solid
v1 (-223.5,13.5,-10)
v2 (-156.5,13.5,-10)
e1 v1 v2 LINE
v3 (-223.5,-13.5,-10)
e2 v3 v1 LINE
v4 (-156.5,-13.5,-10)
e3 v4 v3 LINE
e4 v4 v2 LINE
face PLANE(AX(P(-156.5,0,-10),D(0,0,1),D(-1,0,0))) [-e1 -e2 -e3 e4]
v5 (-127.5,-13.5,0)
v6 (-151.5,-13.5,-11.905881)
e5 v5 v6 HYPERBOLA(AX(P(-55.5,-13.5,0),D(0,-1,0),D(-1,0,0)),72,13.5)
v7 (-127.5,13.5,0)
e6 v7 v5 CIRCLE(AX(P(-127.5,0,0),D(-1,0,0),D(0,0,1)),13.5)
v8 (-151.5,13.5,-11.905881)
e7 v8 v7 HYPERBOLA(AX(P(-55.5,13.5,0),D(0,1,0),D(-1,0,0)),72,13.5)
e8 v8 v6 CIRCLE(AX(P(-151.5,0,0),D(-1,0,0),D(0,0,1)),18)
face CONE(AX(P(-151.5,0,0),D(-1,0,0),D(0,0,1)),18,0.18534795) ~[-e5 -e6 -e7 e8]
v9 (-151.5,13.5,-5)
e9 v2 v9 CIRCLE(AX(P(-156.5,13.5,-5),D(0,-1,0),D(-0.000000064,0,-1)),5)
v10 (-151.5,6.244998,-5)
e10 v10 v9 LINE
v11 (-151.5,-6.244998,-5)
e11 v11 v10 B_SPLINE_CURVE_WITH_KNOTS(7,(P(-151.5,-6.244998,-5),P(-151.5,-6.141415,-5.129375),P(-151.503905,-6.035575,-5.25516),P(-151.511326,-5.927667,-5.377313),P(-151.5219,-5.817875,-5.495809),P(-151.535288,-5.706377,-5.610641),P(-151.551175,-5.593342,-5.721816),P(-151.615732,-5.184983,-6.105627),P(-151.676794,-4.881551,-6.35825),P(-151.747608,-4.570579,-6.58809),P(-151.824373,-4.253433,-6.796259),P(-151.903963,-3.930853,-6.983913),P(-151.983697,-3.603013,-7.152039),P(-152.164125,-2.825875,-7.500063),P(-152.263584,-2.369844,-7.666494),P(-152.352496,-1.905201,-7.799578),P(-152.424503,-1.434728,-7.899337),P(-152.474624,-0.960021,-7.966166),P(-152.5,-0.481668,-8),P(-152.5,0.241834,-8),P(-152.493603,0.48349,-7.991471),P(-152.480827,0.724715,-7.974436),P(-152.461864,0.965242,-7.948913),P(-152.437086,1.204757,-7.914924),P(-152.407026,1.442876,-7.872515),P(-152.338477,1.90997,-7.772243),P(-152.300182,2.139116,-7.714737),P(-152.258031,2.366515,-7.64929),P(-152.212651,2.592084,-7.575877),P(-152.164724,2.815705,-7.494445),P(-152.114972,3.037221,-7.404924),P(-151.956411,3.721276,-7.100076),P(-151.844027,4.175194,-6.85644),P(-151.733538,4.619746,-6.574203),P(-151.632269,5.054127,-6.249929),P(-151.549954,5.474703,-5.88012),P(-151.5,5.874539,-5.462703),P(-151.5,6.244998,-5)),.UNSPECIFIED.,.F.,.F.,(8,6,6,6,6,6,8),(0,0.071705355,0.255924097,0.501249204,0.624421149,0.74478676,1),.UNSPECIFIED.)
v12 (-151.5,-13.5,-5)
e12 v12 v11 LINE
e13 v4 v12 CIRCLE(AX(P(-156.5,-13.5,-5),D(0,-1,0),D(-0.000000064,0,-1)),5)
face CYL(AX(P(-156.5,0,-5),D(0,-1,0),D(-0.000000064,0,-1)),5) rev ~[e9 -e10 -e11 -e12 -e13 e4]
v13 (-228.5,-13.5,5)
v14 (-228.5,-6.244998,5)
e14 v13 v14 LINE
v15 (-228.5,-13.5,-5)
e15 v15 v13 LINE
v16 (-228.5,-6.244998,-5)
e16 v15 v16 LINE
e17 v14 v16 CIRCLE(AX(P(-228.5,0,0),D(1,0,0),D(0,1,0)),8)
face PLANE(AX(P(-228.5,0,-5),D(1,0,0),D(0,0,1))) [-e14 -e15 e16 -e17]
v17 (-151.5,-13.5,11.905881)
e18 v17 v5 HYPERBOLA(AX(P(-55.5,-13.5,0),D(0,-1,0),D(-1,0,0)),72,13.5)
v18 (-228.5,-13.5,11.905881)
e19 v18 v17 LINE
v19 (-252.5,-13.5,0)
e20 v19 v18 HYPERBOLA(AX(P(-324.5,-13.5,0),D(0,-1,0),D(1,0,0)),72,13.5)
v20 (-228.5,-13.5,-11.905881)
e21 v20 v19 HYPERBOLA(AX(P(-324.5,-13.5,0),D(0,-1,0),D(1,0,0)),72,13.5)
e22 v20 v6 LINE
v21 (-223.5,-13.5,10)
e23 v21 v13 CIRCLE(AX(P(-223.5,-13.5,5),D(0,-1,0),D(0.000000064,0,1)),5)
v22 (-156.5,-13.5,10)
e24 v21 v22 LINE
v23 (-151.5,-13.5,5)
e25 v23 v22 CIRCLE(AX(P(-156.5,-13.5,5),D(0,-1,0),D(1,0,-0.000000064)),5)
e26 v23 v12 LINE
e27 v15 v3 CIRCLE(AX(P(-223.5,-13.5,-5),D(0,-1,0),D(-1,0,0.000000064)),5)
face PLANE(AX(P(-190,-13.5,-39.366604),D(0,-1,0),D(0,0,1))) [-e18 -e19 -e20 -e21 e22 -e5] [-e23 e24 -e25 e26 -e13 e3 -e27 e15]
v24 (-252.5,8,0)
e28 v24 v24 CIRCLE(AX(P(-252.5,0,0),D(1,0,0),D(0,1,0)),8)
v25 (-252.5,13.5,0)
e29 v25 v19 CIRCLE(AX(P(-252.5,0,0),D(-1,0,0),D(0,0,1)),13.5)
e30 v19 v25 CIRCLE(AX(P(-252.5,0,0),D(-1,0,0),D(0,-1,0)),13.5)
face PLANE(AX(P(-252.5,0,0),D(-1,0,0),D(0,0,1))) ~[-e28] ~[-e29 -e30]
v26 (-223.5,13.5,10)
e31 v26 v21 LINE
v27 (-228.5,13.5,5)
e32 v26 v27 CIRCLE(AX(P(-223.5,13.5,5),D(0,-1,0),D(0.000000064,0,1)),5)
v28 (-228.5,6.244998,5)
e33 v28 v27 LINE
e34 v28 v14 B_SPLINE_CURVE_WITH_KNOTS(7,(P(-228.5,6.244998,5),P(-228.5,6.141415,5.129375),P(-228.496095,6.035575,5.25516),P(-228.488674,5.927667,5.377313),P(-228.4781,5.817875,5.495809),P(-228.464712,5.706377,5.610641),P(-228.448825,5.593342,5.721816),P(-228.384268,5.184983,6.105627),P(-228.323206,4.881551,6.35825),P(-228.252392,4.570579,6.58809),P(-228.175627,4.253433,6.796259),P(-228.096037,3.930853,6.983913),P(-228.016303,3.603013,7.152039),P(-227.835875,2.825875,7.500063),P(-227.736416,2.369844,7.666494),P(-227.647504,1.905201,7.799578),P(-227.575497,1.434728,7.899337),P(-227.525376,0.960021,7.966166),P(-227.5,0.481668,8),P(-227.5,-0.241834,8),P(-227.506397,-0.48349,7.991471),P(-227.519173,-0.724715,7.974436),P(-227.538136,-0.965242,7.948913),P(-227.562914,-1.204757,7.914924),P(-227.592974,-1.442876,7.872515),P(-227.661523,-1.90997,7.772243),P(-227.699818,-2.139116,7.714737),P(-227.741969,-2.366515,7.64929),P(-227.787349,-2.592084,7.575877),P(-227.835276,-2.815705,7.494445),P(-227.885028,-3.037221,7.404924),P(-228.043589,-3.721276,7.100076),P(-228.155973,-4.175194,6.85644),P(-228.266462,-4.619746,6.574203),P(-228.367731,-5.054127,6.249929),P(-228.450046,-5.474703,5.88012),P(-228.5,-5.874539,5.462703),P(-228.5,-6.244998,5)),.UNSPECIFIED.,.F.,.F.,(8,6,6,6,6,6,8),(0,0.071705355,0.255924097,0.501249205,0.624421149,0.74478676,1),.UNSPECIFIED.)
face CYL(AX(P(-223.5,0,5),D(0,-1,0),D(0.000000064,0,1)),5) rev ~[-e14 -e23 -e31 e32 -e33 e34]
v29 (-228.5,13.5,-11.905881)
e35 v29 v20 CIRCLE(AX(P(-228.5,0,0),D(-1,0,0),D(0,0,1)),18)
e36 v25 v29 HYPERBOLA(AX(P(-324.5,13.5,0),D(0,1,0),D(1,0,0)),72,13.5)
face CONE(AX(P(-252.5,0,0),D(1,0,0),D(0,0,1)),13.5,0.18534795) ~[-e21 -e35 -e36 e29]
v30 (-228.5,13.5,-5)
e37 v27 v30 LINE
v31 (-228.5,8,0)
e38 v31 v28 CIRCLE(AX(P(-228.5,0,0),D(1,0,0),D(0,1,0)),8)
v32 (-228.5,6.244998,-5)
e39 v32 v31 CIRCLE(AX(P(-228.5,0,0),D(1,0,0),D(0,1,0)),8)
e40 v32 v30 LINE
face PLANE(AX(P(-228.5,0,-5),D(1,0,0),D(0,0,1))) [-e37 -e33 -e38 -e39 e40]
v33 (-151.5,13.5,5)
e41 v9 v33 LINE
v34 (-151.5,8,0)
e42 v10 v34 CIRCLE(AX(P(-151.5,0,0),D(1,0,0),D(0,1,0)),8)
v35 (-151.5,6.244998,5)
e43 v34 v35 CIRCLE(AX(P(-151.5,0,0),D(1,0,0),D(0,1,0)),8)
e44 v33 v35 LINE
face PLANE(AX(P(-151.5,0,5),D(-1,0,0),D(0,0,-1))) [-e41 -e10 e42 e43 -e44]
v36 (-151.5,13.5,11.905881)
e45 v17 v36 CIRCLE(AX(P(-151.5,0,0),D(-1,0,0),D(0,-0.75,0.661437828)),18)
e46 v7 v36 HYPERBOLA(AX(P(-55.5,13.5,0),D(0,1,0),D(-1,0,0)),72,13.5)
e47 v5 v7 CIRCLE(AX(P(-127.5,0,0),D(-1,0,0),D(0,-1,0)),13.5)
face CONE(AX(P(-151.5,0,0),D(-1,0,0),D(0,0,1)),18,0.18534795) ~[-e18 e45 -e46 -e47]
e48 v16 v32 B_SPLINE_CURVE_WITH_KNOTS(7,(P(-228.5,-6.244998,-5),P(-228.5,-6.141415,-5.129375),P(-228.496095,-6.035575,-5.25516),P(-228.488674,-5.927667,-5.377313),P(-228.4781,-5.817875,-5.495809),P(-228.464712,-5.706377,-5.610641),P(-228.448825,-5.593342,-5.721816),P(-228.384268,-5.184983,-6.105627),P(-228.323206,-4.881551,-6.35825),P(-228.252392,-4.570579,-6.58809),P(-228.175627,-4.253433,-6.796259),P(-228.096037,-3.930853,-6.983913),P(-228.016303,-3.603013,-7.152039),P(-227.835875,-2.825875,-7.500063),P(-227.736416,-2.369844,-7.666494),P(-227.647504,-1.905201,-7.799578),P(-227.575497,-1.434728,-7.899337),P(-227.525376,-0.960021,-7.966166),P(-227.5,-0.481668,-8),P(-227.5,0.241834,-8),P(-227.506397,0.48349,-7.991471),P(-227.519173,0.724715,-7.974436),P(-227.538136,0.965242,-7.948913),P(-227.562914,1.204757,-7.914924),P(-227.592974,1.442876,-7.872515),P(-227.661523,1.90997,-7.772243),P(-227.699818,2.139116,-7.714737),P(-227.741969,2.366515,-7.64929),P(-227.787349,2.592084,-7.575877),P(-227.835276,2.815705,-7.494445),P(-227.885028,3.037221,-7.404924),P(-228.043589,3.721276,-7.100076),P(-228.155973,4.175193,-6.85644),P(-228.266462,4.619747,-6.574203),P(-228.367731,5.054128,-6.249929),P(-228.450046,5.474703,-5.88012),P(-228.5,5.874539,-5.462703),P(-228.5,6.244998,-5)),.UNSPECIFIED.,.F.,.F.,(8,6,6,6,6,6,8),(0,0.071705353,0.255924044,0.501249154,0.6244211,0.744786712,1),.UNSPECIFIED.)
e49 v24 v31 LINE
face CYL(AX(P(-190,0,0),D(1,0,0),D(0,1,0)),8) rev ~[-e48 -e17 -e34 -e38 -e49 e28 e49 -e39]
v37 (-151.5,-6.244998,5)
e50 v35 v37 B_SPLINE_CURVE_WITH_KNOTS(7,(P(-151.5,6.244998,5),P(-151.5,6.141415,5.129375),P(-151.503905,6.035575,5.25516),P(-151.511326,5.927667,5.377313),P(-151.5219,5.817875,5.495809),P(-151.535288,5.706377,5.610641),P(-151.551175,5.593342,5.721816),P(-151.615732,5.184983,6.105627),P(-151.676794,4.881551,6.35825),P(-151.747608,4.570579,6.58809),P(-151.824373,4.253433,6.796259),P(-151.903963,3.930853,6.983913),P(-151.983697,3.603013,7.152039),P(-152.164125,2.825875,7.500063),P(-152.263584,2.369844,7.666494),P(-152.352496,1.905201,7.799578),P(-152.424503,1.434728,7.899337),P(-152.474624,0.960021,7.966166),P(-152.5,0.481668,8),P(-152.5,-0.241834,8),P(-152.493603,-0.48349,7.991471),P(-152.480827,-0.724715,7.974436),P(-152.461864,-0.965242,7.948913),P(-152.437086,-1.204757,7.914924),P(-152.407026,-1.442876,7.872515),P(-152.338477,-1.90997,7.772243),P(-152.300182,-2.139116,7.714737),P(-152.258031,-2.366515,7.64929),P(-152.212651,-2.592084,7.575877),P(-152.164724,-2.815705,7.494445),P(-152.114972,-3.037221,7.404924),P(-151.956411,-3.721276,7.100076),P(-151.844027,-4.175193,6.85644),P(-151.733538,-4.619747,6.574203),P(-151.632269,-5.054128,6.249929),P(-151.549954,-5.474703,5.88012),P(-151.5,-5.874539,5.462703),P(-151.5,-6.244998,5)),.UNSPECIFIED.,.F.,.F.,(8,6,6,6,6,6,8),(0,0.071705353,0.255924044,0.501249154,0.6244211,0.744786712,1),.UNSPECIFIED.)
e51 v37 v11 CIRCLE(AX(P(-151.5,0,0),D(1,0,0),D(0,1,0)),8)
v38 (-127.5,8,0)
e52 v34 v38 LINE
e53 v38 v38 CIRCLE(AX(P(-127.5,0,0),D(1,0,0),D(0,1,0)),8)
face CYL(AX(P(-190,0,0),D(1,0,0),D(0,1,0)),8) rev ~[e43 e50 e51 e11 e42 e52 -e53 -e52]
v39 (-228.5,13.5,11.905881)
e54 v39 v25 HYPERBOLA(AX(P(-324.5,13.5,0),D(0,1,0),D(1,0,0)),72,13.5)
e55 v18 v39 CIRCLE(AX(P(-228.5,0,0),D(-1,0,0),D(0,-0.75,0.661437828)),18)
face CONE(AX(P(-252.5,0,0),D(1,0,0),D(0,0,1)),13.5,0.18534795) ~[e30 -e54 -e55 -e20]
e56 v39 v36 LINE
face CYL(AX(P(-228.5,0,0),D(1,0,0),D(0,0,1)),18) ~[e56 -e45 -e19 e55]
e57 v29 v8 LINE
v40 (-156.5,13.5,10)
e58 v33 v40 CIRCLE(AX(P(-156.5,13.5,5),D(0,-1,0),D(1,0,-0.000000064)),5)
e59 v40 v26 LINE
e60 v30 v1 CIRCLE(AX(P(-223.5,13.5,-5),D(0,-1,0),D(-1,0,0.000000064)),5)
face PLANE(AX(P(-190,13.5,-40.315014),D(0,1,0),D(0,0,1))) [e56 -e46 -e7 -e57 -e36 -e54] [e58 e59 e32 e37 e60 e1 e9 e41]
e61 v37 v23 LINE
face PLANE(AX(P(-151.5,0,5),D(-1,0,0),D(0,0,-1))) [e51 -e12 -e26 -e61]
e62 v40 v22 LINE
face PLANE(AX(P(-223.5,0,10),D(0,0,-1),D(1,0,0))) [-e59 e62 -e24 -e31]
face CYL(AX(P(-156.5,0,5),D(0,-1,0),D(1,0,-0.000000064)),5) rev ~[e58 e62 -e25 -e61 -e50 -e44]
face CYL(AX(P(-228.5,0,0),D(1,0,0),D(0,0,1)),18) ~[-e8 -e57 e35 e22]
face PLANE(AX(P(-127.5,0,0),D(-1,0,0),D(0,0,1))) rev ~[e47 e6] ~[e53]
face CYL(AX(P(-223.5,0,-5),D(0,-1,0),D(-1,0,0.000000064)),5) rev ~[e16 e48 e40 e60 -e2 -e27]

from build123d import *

# Parameters (mm, degrees)
SKETCH022_R      = 8
EXTRUDE011_DEPTH = 150
EXTRUDE010_DEPTH = 30
SKETCH020_W      = 15
SKETCH020_H      = 79.05159
SKETCH020_H_2    = 80
EXTRUDE009_DEPTH = 150


with BuildPart() as extrude011:
    # Sketch022 → Extrude011 (new body, symmetric)
    with BuildSketch(Plane.YZ):
        Circle(SKETCH022_R)
    extrude(amount=EXTRUDE011_DEPTH, both=True)


with BuildPart() as extrude010:
    # Sketch021 → Extrude010 (new body, symmetric)
    with BuildSketch(Plane.XZ):
        with BuildLine():
            Line((38.5, 5), (38.5, -5))
            ThreePointArc((33.5, -10), (37.035534, -8.535534), (38.5, -5))
            Line((33.5, -10), (-33.5, -10))
            ThreePointArc((-38.5, -5), (-37.035534, -8.535534), (-33.5, -10))
            Line((-38.5, -5), (-38.5, 5))
            ThreePointArc((-33.5, 10), (-37.035534, 8.535534), (-38.5, 5))
            Line((-33.5, 10), (33.5, 10))
            ThreePointArc((38.5, 5), (37.035534, 8.535534), (33.5, 10))
        make_face()
    extrude(amount=EXTRUDE010_DEPTH, both=True)


with BuildPart() as extrude009:
    # Sketch020 → Extrude009 (new body, symmetric)
    with BuildSketch(Plane.YZ):
        with Locations((-21, 0.159191)):
            Rectangle(SKETCH020_W, SKETCH020_H)
        with Locations((21, -0.315014)):
            Rectangle(SKETCH020_W, SKETCH020_H_2)
    extrude(amount=EXTRUDE009_DEPTH, both=True)


with BuildPart() as turnbackle001:
    # Sketch019 → Revolve001 (revolve)
    with BuildSketch(Plane.XZ):
        Polygon((-62.5, 0), (-62.5, 13.5), (-38.5, 18), (38.5, 18), (62.5, 13.5), (62.5, 0), align=None)
    revolve(axis=Axis((-62.5, 0, 0), (-1, 0, 0)))

    # Cut009: cut Extrude009
    add(extrude009.part, mode=Mode.SUBTRACT)

    # Cut010: cut Extrude010
    add(extrude010.part, mode=Mode.SUBTRACT)

    # Cut011: cut Extrude011
    add(extrude011.part, mode=Mode.SUBTRACT)


with BuildPart() as turnbackle001_1:
    # Cut011 placement: moved
    add(turnbackle001.part.moved(Location((-190, 0, 0))))


solid = turnbackle001_1.part
